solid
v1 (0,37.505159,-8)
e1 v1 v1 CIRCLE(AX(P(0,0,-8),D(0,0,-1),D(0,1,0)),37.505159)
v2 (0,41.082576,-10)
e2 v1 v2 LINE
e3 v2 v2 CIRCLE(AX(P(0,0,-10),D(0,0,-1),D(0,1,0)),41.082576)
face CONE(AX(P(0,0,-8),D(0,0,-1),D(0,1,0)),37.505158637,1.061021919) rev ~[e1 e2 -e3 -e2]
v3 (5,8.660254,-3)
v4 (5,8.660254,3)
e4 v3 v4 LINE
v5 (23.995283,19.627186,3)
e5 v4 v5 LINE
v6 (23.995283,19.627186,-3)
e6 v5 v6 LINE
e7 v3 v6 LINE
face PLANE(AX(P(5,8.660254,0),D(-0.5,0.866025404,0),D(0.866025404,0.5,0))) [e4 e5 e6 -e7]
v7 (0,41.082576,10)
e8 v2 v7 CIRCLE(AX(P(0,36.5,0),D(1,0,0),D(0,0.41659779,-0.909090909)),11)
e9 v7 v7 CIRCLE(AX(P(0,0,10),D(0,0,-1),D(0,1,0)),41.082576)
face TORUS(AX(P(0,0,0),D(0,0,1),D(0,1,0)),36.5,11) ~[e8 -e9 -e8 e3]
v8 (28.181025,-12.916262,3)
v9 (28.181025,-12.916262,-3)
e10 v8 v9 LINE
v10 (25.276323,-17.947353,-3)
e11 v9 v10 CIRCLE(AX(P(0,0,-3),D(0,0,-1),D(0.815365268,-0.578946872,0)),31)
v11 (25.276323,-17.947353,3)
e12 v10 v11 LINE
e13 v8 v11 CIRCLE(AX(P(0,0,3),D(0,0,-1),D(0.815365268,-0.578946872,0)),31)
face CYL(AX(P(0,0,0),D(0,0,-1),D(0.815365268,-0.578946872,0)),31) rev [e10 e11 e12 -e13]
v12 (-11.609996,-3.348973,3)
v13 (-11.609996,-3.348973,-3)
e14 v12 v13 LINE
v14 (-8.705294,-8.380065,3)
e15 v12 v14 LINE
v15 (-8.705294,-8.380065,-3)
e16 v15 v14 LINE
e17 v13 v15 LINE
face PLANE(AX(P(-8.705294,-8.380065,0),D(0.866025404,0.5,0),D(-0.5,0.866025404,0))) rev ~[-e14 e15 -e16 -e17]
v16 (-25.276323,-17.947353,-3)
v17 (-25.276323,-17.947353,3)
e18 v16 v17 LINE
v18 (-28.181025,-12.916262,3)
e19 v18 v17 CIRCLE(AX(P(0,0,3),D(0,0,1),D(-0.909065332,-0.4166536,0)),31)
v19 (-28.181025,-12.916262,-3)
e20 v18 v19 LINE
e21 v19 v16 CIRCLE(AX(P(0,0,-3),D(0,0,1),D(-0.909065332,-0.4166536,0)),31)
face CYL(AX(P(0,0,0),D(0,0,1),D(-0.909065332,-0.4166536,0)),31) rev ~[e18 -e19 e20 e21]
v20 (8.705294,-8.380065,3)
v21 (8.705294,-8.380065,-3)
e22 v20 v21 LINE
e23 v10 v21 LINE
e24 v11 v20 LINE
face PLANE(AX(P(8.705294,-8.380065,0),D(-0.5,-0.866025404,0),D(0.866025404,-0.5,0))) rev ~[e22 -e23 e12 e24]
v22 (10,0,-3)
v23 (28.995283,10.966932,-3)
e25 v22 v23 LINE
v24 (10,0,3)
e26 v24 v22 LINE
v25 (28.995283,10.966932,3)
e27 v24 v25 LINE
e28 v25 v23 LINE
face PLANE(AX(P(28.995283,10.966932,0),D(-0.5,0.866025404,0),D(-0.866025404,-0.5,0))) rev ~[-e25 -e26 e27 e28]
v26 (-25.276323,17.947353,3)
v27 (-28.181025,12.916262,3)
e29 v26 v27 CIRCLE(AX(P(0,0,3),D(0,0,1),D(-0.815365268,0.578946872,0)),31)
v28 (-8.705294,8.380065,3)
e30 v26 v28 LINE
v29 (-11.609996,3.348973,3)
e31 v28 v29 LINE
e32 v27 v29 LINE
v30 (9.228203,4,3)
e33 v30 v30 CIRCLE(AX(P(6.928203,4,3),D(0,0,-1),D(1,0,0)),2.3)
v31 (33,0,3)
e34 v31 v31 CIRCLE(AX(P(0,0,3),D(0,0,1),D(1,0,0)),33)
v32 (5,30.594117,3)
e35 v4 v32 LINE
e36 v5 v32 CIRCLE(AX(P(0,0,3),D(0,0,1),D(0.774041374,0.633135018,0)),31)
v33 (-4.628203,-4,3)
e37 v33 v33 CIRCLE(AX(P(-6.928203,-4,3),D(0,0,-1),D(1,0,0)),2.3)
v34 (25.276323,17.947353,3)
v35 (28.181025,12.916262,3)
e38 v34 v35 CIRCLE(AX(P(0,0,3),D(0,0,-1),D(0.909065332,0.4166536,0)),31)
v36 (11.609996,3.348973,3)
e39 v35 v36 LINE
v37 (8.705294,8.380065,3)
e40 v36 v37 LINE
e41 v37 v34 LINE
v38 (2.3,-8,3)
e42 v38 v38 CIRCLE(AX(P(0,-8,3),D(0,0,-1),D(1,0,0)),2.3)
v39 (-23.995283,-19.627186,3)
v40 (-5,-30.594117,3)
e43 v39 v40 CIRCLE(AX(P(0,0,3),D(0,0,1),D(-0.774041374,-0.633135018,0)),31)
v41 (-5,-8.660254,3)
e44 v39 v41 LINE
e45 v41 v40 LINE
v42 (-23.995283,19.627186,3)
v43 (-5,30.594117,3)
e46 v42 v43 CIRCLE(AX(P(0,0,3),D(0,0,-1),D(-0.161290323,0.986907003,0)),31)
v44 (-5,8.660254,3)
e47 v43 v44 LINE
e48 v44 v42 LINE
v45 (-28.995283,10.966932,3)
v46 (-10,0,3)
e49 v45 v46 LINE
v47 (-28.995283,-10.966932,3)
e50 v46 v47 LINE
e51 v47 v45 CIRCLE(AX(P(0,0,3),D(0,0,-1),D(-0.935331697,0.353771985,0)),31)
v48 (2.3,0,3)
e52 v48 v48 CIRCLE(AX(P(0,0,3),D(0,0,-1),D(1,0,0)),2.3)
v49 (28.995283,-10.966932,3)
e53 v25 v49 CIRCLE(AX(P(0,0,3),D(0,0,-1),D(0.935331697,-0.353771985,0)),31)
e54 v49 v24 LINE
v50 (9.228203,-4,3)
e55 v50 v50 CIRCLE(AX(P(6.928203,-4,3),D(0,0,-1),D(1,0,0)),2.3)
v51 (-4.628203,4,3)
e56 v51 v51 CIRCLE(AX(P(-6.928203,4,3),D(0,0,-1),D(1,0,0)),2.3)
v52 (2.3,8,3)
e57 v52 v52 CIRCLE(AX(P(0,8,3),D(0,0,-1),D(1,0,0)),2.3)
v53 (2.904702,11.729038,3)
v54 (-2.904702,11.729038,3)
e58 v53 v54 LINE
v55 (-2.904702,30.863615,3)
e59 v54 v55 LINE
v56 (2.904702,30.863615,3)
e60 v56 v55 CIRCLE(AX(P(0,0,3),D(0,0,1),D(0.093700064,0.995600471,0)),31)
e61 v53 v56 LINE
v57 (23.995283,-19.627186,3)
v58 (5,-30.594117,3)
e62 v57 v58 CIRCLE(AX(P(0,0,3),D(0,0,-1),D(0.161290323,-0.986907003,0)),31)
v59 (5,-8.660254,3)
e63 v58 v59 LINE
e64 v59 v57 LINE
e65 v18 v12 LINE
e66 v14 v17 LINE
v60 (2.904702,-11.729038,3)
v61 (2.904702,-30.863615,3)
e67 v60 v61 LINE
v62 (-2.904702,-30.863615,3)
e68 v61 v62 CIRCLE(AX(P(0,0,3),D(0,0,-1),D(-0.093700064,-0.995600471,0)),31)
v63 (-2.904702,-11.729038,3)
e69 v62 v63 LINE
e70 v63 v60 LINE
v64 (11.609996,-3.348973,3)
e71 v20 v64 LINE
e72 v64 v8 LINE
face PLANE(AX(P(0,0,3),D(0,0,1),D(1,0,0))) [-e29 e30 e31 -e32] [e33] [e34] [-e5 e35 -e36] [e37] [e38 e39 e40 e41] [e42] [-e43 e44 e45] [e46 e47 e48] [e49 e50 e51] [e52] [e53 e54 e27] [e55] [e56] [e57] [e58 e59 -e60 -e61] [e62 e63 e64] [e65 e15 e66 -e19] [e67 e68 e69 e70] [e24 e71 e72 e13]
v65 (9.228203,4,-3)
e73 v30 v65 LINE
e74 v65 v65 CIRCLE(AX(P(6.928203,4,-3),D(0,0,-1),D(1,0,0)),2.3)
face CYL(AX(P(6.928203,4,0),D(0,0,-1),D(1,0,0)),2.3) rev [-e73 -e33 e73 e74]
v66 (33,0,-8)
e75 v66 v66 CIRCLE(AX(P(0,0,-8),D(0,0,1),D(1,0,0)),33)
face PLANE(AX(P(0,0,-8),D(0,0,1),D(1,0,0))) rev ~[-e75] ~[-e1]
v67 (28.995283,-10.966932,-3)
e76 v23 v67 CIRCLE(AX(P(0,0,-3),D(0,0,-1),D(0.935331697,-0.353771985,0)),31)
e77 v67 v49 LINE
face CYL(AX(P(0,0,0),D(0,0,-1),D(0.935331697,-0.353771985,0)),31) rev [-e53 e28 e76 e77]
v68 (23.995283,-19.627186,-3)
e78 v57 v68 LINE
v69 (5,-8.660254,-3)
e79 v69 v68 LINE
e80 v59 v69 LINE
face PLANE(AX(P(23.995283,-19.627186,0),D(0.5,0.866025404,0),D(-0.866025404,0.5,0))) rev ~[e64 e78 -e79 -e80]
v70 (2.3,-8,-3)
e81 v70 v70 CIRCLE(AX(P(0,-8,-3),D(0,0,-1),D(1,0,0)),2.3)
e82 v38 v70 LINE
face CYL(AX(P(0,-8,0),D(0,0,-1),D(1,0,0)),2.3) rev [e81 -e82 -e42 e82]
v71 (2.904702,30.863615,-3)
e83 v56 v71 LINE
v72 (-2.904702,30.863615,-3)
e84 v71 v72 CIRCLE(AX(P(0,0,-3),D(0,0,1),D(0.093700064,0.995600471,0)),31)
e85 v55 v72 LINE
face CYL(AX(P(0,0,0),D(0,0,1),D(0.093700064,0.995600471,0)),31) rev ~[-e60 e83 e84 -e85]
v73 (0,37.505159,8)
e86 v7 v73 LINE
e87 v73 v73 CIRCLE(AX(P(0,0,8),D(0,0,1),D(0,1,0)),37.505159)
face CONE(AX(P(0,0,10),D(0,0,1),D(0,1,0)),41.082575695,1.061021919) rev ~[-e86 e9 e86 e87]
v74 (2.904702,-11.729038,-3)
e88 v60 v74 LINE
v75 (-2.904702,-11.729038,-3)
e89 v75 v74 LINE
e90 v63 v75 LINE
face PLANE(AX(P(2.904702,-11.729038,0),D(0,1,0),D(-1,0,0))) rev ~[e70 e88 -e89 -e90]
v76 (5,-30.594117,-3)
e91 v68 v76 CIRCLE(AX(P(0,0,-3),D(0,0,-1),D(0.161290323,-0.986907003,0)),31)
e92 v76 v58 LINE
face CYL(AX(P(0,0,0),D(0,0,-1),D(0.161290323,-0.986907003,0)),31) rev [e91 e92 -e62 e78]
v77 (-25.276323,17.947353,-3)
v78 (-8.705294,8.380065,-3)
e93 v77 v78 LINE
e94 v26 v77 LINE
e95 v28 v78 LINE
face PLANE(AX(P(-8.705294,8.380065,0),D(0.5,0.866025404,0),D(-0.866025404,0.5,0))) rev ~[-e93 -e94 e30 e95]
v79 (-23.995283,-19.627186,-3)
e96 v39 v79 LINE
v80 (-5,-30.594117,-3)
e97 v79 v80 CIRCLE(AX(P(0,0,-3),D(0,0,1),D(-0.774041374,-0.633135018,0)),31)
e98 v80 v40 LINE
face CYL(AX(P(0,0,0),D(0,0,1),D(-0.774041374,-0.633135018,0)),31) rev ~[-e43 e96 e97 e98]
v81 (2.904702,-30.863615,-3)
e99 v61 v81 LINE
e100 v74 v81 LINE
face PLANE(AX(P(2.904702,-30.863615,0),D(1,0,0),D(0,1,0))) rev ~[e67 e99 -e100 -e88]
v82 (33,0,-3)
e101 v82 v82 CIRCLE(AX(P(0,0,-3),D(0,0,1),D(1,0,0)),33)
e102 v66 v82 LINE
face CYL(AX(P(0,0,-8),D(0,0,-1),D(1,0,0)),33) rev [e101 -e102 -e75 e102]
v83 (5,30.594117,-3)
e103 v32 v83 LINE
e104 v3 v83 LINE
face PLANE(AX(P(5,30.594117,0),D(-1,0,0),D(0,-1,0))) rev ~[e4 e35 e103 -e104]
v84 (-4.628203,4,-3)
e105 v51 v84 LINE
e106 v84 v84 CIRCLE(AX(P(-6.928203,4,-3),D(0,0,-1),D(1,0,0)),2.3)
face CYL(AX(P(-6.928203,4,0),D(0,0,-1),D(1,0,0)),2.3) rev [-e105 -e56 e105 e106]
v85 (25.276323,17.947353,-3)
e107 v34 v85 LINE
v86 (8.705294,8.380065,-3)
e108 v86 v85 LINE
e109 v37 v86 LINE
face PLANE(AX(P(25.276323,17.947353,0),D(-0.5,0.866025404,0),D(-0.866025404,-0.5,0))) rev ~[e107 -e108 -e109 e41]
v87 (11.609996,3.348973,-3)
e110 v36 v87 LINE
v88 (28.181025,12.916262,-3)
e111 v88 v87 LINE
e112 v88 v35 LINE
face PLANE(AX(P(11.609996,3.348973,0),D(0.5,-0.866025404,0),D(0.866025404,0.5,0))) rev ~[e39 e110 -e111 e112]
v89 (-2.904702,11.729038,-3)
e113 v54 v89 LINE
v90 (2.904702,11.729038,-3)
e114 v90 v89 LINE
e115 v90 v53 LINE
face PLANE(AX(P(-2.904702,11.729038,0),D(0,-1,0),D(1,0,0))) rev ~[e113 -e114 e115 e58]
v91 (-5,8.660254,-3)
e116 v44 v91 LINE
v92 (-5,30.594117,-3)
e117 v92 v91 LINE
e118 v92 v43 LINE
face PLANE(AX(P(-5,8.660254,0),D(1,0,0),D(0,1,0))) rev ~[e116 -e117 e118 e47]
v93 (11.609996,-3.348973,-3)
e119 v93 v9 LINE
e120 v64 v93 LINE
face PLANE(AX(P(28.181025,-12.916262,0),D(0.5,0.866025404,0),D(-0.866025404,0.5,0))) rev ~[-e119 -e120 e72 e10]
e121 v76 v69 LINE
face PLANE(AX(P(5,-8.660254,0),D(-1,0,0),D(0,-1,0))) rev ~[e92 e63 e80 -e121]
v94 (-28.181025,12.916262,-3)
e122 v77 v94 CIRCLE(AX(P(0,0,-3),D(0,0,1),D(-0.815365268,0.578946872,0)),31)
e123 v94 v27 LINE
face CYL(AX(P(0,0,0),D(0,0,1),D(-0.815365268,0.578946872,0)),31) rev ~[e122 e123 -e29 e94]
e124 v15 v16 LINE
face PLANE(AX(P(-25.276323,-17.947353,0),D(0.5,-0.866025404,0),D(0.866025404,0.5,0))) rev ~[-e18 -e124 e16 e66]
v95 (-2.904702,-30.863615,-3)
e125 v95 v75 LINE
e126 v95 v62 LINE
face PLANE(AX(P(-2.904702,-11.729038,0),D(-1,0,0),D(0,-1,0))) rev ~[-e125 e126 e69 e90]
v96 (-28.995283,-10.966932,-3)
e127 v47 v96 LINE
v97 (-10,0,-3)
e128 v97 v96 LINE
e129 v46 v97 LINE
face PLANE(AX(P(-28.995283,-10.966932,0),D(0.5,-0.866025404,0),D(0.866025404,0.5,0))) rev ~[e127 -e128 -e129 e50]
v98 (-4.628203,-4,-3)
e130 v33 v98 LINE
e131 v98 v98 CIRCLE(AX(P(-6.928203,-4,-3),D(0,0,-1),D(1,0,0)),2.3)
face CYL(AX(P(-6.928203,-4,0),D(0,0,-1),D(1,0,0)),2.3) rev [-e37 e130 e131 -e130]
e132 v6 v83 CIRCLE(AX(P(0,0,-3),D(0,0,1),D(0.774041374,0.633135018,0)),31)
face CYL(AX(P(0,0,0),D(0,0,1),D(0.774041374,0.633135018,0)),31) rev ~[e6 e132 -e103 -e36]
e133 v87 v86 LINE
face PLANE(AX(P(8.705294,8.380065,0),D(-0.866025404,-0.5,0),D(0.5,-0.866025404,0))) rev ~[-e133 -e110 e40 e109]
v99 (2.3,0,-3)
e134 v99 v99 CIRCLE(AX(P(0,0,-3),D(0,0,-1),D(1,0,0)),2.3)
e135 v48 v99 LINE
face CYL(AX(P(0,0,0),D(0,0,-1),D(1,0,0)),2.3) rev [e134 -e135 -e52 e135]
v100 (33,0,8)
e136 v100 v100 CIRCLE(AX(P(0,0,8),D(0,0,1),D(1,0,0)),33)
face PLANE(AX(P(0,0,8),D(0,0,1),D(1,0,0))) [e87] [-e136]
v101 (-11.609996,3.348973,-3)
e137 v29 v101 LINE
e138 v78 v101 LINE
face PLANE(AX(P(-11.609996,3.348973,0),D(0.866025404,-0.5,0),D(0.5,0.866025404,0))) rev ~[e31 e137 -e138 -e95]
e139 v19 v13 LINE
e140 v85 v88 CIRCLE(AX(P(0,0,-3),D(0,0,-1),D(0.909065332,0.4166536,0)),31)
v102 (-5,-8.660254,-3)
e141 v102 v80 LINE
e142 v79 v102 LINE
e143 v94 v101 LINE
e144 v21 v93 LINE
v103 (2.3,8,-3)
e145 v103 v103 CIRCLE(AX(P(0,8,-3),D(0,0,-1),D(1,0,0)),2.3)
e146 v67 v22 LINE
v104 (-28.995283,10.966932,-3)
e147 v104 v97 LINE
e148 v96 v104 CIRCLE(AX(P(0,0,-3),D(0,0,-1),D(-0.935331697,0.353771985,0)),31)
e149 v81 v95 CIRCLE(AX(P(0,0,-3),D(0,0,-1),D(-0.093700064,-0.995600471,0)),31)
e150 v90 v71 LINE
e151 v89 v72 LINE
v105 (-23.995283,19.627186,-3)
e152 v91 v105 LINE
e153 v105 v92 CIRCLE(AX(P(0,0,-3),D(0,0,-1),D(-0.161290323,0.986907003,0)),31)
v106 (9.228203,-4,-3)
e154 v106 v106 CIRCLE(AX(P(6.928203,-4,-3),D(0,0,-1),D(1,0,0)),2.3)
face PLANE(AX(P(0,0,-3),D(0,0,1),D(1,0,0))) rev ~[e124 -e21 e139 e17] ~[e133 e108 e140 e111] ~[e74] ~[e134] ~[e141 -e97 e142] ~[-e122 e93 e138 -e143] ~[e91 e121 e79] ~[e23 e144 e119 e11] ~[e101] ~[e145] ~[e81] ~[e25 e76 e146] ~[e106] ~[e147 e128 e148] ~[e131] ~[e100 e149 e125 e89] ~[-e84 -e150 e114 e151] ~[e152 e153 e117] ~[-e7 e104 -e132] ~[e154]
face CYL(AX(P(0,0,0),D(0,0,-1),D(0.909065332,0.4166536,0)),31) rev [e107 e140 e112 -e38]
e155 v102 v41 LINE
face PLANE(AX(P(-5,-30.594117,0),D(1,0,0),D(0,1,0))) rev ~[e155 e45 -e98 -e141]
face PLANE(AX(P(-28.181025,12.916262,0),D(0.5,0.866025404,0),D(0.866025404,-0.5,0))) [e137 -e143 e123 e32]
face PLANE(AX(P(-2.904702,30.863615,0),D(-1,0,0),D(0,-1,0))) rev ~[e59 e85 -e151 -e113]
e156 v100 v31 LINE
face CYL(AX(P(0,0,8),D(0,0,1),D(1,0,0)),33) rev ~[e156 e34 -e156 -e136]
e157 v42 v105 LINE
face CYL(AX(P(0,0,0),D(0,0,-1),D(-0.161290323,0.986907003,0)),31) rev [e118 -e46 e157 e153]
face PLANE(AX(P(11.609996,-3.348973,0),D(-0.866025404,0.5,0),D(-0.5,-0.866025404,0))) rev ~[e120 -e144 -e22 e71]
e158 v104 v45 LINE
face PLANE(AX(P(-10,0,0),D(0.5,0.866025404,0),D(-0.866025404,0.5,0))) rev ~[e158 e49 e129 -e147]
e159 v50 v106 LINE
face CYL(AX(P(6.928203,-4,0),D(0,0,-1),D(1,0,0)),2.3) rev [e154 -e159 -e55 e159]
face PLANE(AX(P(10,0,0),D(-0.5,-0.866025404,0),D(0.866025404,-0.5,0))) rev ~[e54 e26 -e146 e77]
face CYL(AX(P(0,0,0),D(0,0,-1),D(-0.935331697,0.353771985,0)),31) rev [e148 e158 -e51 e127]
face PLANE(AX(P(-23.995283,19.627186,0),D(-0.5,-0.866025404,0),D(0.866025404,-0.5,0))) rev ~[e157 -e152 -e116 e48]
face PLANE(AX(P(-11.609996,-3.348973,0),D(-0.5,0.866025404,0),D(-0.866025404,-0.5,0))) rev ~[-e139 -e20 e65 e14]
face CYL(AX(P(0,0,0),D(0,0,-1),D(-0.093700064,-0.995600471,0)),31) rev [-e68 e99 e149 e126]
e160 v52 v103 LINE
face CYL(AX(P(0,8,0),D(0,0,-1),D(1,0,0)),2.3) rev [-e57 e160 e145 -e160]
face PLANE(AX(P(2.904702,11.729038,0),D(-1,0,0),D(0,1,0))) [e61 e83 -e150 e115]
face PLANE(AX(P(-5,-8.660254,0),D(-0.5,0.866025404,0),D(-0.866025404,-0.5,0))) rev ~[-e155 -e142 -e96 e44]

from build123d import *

# Parameters (mm, degrees)
SKETCH_2_R          = 37.505158637
SKETCH_2_R_2        = 2.3
EXTRUDE_2_DEPTH     = 8
SKETCH_3_R          = 33
CUT_EXTRUDE_1_DEPTH = 5
CUT_EXTRUDE_START   = -16
SKETCH_3_2_R        = 33
CUT_EXTRUDE_2_DEPTH = 5


with BuildPart() as part:
    # Sketch 1 → Revolve 1 (revolve)
    with BuildSketch(Plane(origin=(0, 0, 0), x_dir=(0, 0, -1), z_dir=(1, 0, 0))):
        with BuildLine():
            Line((-8, 37.505158637), (8, 37.505158637))
            Line((8, 37.505158637), (10, 41.082575695))
            ThreePointArc((10, 41.082575695), (0, 47.5), (-10, 41.082575695))
            Line((-10, 41.082575695), (-8, 37.505158637))
        make_face()
    revolve(axis=Axis((0, 0, 15.4), (0, 0, -1)))

    # Sketch 2 → Extrude 2 (add, symmetric)
    with BuildSketch(Plane.XY):
        Circle(SKETCH_2_R)
        Circle(SKETCH_2_R_2, mode=Mode.SUBTRACT)
        with Locations((0, 8)):
            Circle(SKETCH_2_R_2, mode=Mode.SUBTRACT)
        with Locations((6.92820323, 4)):
            Circle(SKETCH_2_R_2, mode=Mode.SUBTRACT)
        with Locations((6.92820323, -4)):
            Circle(SKETCH_2_R_2, mode=Mode.SUBTRACT)
        with Locations((0, -8)):
            Circle(SKETCH_2_R_2, mode=Mode.SUBTRACT)
        with Locations((-6.92820323, -4)):
            Circle(SKETCH_2_R_2, mode=Mode.SUBTRACT)
        with Locations((-6.92820323, 4)):
            Circle(SKETCH_2_R_2, mode=Mode.SUBTRACT)
        with BuildLine():
            Line((5, 30.594117082), (5, 8.660254038))
            Line((5, 8.660254038), (23.995282599, 19.62718556))
            ThreePointArc((23.995282599, 19.62718556), (15.5, 26.846787517), (5, 30.594117082))
        make_face(mode=Mode.SUBTRACT)
        with BuildLine():
            Line((10, 0), (28.995282599, -10.966931522))
            ThreePointArc((28.995282599, -10.966931522), (31, 0), (28.995282599, 10.966931522))
            Line((28.995282599, 10.966931522), (10, 0))
        make_face(mode=Mode.SUBTRACT)
        with BuildLine():
            Line((5, -8.660254038), (5, -30.594117082))
            ThreePointArc((5, -30.594117082), (15.5, -26.846787517), (23.995282599, -19.62718556))
            Line((23.995282599, -19.62718556), (5, -8.660254038))
        make_face(mode=Mode.SUBTRACT)
        with BuildLine():
            Line((-5, -8.660254038), (-23.995282599, -19.62718556))
            ThreePointArc((-23.995282599, -19.62718556), (-15.5, -26.846787517), (-5, -30.594117082))
            Line((-5, -30.594117082), (-5, -8.660254038))
        make_face(mode=Mode.SUBTRACT)
        with BuildLine():
            Line((-10, 0), (-28.995282599, 10.966931522))
            ThreePointArc((-28.995282599, 10.966931522), (-31, 0), (-28.995282599, -10.966931522))
            Line((-28.995282599, -10.966931522), (-10, 0))
        make_face(mode=Mode.SUBTRACT)
        with BuildLine():
            Line((-5, 8.660254038), (-5, 30.594117082))
            ThreePointArc((-5, 30.594117082), (-15.5, 26.846787517), (-23.995282599, 19.62718556))
            Line((-23.995282599, 19.62718556), (-5, 8.660254038))
        make_face(mode=Mode.SUBTRACT)
        with BuildLine():
            Line((-2.90470199, 30.863614603), (-2.90470199, 11.729037589))
            Line((-2.90470199, 11.729037589), (2.90470199, 11.729037589))
            Line((2.90470199, 11.729037589), (2.90470199, 30.863614603))
            ThreePointArc((2.90470199, 30.863614603), (0, 31), (-2.90470199, 30.863614603))
        make_face(mode=Mode.SUBTRACT)
        with BuildLine():
            Line((8.705293519, 8.380064508), (11.609995509, 3.34897308))
            Line((11.609995509, 3.34897308), (28.181025294, 12.916261587))
            ThreePointArc((28.181025294, 12.916261587), (26.846787517, 15.5), (25.276323303, 17.947353015))
            Line((25.276323303, 17.947353015), (8.705293519, 8.380064508))
        make_face(mode=Mode.SUBTRACT)
        with BuildLine():
            Line((11.609995509, -3.34897308), (8.705293519, -8.380064508))
            Line((8.705293519, -8.380064508), (25.276323303, -17.947353015))
            ThreePointArc((25.276323303, -17.947353015), (26.846787517, -15.5), (28.181025294, -12.916261587))
            Line((28.181025294, -12.916261587), (11.609995509, -3.34897308))
        make_face(mode=Mode.SUBTRACT)
        with BuildLine():
            Line((2.90470199, -11.729037589), (-2.90470199, -11.729037589))
            Line((-2.90470199, -11.729037589), (-2.90470199, -30.863614603))
            ThreePointArc((-2.90470199, -30.863614603), (0, -31), (2.90470199, -30.863614603))
            Line((2.90470199, -30.863614603), (2.90470199, -11.729037589))
        make_face(mode=Mode.SUBTRACT)
        with BuildLine():
            Line((-8.705293519, -8.380064508), (-11.609995509, -3.34897308))
            Line((-11.609995509, -3.34897308), (-28.181025294, -12.916261587))
            ThreePointArc((-28.181025294, -12.916261587), (-26.846787517, -15.5), (-25.276323303, -17.947353015))
            Line((-25.276323303, -17.947353015), (-8.705293519, -8.380064508))
        make_face(mode=Mode.SUBTRACT)
        with BuildLine():
            Line((-11.609995509, 3.34897308), (-8.705293519, 8.380064508))
            Line((-8.705293519, 8.380064508), (-25.276323303, 17.947353015))
            ThreePointArc((-25.276323303, 17.947353015), (-26.846787517, 15.5), (-28.181025294, 12.916261587))
            Line((-28.181025294, 12.916261587), (-11.609995509, 3.34897308))
        make_face(mode=Mode.SUBTRACT)
    extrude(amount=EXTRUDE_2_DEPTH, both=True)

    # Sketch 3 → Cut-Extrude 1 (cut)
    with BuildSketch(Plane.XY.offset(8)):
        Circle(SKETCH_3_R)
    extrude(amount=-CUT_EXTRUDE_1_DEPTH, mode=Mode.SUBTRACT)

    # Sketch 3_2 → Cut-Extrude 2 (cut)
    with BuildSketch(Plane.XY.offset(8).offset(CUT_EXTRUDE_START)):
        Circle(SKETCH_3_2_R)
    extrude(amount=CUT_EXTRUDE_2_DEPTH, mode=Mode.SUBTRACT)


solid = part.part
